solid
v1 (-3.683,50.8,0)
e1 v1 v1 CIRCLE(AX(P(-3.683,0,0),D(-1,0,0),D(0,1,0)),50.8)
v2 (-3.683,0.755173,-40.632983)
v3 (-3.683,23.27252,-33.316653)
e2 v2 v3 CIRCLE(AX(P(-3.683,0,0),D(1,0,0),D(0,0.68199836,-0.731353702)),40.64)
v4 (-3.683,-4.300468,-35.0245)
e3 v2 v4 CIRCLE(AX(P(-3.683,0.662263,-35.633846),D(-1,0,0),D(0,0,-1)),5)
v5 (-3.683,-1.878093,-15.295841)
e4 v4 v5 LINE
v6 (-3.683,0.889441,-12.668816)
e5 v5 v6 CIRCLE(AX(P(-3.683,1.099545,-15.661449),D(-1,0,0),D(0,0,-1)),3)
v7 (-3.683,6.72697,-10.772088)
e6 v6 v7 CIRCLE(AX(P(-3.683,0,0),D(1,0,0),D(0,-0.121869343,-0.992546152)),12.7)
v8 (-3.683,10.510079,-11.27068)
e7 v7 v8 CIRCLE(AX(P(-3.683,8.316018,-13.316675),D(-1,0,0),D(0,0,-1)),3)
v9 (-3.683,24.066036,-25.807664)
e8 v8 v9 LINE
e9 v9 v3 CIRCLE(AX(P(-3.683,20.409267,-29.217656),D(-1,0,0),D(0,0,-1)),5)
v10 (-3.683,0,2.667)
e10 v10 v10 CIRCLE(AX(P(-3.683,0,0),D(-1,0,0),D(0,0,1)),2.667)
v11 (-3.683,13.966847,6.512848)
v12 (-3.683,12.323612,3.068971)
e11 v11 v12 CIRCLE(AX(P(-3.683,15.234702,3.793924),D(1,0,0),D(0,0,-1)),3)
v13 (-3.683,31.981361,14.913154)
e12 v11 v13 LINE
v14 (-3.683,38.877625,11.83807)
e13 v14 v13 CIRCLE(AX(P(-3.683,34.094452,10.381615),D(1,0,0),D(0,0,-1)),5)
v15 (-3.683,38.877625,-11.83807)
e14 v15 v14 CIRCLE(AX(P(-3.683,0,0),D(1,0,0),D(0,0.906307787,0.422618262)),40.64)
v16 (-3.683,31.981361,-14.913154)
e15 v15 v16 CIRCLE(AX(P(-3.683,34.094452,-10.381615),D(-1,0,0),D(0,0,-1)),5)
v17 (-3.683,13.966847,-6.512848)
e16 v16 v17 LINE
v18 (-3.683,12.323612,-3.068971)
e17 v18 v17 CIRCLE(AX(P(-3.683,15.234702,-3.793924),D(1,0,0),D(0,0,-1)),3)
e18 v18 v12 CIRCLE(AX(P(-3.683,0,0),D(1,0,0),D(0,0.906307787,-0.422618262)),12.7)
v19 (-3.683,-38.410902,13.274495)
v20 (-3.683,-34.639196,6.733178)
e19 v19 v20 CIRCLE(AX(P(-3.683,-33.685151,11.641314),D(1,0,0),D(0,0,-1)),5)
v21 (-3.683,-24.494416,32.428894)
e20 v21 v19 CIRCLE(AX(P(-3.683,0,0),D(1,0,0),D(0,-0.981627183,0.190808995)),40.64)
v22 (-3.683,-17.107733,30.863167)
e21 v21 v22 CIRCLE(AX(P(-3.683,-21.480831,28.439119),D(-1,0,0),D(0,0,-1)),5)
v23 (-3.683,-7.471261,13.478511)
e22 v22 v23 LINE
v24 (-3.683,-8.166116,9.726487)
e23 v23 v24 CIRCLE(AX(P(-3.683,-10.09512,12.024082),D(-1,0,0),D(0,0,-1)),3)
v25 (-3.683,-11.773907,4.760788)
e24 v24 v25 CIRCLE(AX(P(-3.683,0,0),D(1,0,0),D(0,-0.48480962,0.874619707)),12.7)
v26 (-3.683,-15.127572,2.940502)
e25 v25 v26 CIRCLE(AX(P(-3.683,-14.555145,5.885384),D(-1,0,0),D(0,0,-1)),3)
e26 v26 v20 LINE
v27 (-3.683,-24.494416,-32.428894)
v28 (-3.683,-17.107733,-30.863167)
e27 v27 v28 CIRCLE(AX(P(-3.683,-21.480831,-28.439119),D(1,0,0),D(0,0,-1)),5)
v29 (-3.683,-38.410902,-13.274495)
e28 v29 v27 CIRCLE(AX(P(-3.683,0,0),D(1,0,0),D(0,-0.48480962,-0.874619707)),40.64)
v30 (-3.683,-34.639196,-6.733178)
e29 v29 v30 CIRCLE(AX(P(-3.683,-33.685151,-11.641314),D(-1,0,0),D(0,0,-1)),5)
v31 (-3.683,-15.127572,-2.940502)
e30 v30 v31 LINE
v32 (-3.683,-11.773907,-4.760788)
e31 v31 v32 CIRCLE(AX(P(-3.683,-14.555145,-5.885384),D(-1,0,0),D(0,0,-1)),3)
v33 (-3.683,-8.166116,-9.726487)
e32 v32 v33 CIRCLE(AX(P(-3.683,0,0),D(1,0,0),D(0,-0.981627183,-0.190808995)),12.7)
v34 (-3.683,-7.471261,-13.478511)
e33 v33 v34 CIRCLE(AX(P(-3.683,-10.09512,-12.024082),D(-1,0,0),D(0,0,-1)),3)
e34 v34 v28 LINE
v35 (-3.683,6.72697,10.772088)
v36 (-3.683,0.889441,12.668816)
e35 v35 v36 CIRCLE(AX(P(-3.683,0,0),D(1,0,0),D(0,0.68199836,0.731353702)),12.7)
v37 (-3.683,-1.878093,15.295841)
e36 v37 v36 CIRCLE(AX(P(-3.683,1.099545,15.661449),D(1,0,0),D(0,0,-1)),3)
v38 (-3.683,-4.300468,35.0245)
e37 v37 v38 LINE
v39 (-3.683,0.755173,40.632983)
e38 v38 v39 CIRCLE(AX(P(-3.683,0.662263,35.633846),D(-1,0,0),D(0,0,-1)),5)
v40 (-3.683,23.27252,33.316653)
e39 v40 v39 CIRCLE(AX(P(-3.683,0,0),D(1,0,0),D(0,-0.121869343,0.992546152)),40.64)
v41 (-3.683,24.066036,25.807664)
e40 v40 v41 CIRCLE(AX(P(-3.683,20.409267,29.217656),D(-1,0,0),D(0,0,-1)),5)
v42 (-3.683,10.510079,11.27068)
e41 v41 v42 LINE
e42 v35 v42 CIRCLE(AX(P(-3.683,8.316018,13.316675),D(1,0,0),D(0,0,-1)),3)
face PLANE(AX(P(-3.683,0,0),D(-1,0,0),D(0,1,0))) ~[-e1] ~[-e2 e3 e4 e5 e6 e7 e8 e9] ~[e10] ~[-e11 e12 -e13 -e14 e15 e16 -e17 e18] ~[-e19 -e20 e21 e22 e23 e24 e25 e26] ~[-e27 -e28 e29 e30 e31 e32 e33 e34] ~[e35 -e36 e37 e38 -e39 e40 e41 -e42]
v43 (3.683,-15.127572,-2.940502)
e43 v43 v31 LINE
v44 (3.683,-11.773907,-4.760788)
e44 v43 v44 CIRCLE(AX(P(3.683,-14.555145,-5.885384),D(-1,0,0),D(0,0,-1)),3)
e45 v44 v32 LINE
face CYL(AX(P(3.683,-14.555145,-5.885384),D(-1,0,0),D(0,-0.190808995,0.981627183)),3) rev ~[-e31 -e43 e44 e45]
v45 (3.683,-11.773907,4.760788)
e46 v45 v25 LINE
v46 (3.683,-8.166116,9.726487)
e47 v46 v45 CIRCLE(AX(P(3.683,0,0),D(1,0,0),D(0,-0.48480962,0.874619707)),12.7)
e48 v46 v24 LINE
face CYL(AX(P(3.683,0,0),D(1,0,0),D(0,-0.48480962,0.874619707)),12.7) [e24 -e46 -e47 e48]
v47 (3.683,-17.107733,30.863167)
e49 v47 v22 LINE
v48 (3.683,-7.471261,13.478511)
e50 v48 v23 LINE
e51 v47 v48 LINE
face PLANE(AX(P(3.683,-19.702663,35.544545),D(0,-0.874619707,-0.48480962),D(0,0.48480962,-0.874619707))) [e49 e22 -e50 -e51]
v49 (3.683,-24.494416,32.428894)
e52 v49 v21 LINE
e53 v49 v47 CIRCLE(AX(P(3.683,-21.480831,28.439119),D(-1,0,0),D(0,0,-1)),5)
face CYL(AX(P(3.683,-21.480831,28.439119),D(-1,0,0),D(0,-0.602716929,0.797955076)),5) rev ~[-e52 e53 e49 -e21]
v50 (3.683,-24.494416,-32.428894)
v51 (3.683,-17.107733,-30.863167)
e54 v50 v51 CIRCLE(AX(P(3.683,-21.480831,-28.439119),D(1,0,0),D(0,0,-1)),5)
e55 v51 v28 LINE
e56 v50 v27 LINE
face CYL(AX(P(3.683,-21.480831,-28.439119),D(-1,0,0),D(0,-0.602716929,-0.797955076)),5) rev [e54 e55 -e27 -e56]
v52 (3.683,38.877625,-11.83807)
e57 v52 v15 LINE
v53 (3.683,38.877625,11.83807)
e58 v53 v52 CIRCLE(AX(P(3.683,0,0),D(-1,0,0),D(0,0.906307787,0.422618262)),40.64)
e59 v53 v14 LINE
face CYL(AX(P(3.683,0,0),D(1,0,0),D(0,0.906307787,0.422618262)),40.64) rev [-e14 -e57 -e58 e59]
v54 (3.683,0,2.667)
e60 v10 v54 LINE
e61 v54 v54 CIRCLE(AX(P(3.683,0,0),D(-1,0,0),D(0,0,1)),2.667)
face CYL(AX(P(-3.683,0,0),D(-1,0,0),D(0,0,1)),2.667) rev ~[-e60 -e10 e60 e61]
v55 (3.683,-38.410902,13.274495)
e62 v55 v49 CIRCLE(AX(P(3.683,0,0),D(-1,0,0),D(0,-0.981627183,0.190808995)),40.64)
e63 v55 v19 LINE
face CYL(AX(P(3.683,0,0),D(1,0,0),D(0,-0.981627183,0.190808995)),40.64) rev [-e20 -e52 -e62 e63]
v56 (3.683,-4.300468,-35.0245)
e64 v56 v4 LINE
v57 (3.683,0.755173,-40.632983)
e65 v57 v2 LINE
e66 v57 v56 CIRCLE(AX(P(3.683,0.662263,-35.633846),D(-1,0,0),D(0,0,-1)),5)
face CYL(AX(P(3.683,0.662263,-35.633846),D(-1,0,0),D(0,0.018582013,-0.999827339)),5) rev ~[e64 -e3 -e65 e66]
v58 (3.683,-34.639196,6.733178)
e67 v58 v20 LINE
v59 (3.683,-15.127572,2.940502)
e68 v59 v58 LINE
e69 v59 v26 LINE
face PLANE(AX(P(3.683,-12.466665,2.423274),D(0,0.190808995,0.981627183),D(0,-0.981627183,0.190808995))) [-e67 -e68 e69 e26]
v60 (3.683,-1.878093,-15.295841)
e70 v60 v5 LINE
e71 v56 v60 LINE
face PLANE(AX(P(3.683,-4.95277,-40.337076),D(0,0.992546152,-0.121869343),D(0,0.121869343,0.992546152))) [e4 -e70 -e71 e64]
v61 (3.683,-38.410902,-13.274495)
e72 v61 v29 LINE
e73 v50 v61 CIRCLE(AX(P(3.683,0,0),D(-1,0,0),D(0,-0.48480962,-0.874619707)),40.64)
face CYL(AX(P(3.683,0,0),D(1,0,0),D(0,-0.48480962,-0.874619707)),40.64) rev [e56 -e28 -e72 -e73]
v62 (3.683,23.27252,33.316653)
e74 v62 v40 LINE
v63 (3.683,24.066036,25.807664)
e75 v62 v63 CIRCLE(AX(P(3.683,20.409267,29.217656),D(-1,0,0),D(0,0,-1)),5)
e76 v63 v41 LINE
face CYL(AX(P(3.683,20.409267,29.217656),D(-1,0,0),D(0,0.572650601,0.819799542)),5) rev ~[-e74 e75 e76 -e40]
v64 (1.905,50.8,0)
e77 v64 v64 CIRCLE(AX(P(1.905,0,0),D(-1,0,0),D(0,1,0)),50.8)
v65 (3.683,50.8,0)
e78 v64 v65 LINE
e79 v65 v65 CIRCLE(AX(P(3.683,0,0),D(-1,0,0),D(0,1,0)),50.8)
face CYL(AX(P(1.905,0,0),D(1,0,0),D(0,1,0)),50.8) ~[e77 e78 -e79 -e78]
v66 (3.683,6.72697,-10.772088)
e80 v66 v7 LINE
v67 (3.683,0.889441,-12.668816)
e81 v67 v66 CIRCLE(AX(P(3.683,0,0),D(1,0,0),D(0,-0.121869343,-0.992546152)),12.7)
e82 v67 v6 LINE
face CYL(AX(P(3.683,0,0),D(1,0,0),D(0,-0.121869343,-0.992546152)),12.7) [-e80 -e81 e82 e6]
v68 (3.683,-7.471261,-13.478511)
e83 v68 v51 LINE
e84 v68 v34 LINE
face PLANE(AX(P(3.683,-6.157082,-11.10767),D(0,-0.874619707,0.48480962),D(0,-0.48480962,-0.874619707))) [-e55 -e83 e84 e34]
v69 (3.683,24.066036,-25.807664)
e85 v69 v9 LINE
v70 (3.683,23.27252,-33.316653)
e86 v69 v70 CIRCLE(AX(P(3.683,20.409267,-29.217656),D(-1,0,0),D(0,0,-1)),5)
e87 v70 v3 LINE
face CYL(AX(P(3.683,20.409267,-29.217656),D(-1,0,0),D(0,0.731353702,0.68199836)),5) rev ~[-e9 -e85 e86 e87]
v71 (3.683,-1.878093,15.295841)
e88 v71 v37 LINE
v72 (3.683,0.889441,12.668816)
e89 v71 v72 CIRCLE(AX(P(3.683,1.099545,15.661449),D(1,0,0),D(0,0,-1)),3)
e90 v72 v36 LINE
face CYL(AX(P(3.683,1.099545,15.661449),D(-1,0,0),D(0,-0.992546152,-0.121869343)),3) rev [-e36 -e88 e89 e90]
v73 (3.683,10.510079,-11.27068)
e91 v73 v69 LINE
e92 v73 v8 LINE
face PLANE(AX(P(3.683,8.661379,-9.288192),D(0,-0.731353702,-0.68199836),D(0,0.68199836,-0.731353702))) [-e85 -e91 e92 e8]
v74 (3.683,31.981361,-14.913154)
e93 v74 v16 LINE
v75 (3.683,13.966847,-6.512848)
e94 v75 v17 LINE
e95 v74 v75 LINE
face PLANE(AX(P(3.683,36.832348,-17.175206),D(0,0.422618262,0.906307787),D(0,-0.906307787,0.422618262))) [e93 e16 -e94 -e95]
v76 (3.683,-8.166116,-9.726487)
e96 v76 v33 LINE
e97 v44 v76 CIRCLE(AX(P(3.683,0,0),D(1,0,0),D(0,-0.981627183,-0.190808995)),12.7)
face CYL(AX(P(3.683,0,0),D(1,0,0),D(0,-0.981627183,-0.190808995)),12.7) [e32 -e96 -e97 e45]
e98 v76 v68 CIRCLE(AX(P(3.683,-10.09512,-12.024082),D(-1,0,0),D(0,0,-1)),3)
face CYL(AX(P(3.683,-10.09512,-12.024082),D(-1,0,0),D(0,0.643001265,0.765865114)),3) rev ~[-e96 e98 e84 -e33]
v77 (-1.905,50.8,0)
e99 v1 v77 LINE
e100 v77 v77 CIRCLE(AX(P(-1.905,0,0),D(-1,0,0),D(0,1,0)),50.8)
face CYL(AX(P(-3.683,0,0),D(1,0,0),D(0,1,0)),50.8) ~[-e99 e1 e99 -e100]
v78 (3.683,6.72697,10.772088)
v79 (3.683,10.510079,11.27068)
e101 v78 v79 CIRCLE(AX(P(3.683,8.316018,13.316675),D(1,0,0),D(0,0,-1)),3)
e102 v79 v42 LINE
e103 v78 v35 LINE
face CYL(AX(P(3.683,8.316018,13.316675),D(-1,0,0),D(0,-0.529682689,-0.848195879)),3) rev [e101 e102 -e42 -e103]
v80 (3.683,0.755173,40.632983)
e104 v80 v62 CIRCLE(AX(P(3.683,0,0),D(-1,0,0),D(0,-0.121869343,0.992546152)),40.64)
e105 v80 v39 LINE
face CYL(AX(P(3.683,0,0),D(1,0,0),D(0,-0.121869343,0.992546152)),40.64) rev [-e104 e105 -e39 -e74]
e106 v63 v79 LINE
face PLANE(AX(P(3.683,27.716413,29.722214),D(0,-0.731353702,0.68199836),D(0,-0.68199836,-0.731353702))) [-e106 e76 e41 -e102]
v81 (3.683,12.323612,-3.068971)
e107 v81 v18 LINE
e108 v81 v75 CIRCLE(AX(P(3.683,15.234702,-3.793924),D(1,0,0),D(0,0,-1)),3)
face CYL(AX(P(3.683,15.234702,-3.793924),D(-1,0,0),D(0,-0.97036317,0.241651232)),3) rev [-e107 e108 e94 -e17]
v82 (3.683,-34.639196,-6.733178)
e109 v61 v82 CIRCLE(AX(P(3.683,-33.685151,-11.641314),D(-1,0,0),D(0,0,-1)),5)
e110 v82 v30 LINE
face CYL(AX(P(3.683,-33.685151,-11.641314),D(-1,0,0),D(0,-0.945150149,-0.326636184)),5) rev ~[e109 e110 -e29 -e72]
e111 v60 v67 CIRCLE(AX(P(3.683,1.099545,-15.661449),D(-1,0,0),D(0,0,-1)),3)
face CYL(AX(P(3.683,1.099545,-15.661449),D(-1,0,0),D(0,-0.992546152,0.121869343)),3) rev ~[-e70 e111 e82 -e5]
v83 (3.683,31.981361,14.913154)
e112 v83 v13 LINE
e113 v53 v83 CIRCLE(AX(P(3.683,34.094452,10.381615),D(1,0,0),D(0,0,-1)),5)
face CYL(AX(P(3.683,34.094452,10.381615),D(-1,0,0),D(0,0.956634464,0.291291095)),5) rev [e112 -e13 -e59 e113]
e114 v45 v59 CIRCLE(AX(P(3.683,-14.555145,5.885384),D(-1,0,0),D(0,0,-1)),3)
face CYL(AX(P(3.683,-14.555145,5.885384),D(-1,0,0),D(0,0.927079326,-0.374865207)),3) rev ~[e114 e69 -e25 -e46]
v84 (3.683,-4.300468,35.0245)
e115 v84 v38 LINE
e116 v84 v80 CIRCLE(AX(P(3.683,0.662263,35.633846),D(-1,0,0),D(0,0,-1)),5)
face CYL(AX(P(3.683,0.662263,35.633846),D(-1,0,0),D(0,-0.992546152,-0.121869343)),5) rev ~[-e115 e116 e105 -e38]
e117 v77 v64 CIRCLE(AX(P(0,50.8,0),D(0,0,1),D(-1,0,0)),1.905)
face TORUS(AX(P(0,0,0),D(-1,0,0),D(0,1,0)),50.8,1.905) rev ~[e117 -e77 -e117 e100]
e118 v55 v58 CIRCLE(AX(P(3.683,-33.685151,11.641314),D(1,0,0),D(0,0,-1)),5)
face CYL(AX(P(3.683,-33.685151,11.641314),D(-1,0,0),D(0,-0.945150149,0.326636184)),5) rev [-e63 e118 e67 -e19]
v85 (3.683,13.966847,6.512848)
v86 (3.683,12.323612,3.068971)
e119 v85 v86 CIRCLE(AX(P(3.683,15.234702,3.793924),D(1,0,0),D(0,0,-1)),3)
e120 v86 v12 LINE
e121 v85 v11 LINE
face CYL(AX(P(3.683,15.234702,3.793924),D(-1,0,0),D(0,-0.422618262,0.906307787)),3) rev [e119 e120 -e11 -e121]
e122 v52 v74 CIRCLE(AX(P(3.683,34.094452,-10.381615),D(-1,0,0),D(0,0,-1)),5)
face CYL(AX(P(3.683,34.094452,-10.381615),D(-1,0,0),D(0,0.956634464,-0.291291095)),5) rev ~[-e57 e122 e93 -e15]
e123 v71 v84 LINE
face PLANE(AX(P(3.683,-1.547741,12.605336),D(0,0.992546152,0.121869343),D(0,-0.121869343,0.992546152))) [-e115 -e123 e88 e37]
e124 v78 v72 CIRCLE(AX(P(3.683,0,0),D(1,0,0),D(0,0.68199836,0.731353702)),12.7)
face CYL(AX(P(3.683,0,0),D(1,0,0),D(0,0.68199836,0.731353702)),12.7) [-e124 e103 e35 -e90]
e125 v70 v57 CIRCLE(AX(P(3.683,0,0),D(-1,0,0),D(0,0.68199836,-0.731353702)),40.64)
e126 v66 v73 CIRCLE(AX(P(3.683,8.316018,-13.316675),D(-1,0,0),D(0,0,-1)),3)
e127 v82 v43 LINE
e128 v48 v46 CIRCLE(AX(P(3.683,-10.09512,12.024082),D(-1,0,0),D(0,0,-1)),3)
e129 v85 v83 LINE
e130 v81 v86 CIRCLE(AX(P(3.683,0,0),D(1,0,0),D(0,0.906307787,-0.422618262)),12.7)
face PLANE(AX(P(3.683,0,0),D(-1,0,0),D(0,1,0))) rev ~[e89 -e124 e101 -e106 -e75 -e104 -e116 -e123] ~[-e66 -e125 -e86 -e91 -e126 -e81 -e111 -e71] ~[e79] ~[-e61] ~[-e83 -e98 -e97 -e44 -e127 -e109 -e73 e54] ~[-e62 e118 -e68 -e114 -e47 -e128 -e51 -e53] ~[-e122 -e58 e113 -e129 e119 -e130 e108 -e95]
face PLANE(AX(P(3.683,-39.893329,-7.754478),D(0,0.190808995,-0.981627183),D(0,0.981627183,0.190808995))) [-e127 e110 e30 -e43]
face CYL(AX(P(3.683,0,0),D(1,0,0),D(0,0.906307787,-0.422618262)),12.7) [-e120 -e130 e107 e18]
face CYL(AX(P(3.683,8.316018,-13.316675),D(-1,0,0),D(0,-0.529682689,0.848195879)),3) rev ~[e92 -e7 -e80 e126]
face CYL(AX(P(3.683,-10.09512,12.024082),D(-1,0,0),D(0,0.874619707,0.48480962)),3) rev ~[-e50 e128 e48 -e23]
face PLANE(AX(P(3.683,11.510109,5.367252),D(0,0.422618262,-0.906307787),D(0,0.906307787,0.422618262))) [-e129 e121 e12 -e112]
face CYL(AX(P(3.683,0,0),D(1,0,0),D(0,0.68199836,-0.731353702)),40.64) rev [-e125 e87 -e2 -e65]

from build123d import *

# Parameters (mm, degrees)
CUT_EXTRUDE1_DEPTH = 8.366
FILLET1_R          = 5
FILLET2_R          = 5
FILLET3_R          = 5
FILLET4_R          = 5
FILLET5_R          = 5
FILLET6_R          = 5
FILLET7_R          = 5
FILLET8_R          = 5
FILLET9_R          = 5
FILLET10_R         = 5
FILLET11_R         = 3
FILLET12_R         = 3
FILLET13_R         = 3
FILLET14_R         = 3
FILLET15_R         = 3
FILLET16_R         = 3
FILLET17_R         = 3
FILLET18_R         = 3
FILLET19_R         = 3
FILLET20_R         = 3
SKETCH4_R          = 2.667
CUT_EXTRUDE2_DEPTH = 8.366


with BuildPart() as part:
    # Sketch1 → Revolve1 (revolve)
    with BuildSketch(Plane.XY):
        with BuildLine():
            Line((1.905, 50.8), (3.683, 50.8))
            Line((3.683, 50.8), (3.683, 0))
            Line((3.683, 0), (-3.683, 0))
            Line((-3.683, 0), (-3.683, 50.8))
            Line((-3.683, 50.8), (-1.905, 50.8))
            ThreePointArc((-1.905, 50.8), (0, 48.895), (1.905, 50.8))
        make_face()
    revolve(axis=Axis((3.683, 0, 0), (-1, 0, 0)))

    # Sketch2 → Cut-Extrude1 (cut, through all)
    with BuildSketch(Plane(origin=(3.683, 0, 0), x_dir=(0, 0, -1), z_dir=(1, 0, 0))):
        with BuildLine():
            Line((-5.367251924, 11.510108895), (-17.175206157, 36.832348465))
            ThreePointArc((-17.175206157, 36.832348465), (0, 40.64), (17.175206157, 36.832348465))
            Line((17.175206157, 36.832348465), (5.367251924, 11.510108895))
            ThreePointArc((5.367251924, 11.510108895), (0, 12.7), (-5.367251924, 11.510108895))
        make_face()
        with BuildLine():
            Line((9.288192011, 8.661379173), (29.722214434, 27.716413353))
            ThreePointArc((29.722214434, 27.716413353), (38.650936822, 12.558450651), (40.337075603, -4.952770116))
            Line((40.337075603, -4.952770116), (12.605336126, -1.547740661))
            ThreePointArc((12.605336126, -1.547740661), (12.078417757, 3.924515829), (9.288192011, 8.661379173))
        make_face()
        with BuildLine():
            Line((11.107670281, -6.157082177), (35.544544898, -19.702662967))
            ThreePointArc((35.544544898, -19.702662967), (23.887592653, -32.878450651), (7.754477572, -39.893328735))
            Line((7.754477572, -39.893328735), (2.423274241, -12.46666523))
            ThreePointArc((2.423274241, -12.46666523), (7.464872704, -10.274515829), (11.107670281, -6.157082177))
        make_face()
        with BuildLine():
            Line((-2.423274241, -12.46666523), (-7.754477572, -39.893328735))
            ThreePointArc((-7.754477572, -39.893328735), (-23.887592653, -32.878450651), (-35.544544898, -19.702662967))
            Line((-35.544544898, -19.702662967), (-11.107670281, -6.157082177))
            ThreePointArc((-11.107670281, -6.157082177), (-7.464872704, -10.274515829), (-2.423274241, -12.46666523))
        make_face()
        with BuildLine():
            Line((-12.605336126, -1.547740661), (-40.337075603, -4.952770116))
            ThreePointArc((-40.337075603, -4.952770116), (-38.650936822, 12.558450651), (-29.722214434, 27.716413353))
            Line((-29.722214434, 27.716413353), (-9.288192011, 8.661379173))
            ThreePointArc((-9.288192011, 8.661379173), (-12.078417757, 3.924515829), (-12.605336126, -1.547740661))
        make_face()
    extrude(amount=-CUT_EXTRUDE1_DEPTH, mode=Mode.SUBTRACT)

    # Fillet1
    fillet1_edges = [part.edges().sort_by_distance(p)[0] for p in [
        (0, -39.893328735, -7.754477572),
    ]]
    fillet(fillet1_edges, radius=FILLET1_R)

    # Fillet2
    fillet2_edges = [part.edges().sort_by_distance(p)[0] for p in [
        (0, -19.702662967, -35.544544898),
    ]]
    fillet(fillet2_edges, radius=FILLET2_R)

    # Fillet3
    fillet3_edges = [part.edges().sort_by_distance(p)[0] for p in [
        (0, 27.716413353, -29.722214434),
    ]]
    fillet(fillet3_edges, radius=FILLET3_R)

    # Fillet4
    fillet4_edges = [part.edges().sort_by_distance(p)[0] for p in [
        (0, -4.952770116, -40.337075603),
    ]]
    fillet(fillet4_edges, radius=FILLET4_R)

    # Fillet5
    fillet5_edges = [part.edges().sort_by_distance(p)[0] for p in [
        (0, 36.832348465, -17.175206157),
    ]]
    fillet(fillet5_edges, radius=FILLET5_R)

    # Fillet6
    fillet6_edges = [part.edges().sort_by_distance(p)[0] for p in [
        (0, 36.832348465, 17.175206157),
    ]]
    fillet(fillet6_edges, radius=FILLET6_R)

    # Fillet7
    fillet7_edges = [part.edges().sort_by_distance(p)[0] for p in [
        (0, -4.952770116, 40.337075603),
    ]]
    fillet(fillet7_edges, radius=FILLET7_R)

    # Fillet8
    fillet8_edges = [part.edges().sort_by_distance(p)[0] for p in [
        (0, 27.716413353, 29.722214434),
    ]]
    fillet(fillet8_edges, radius=FILLET8_R)

    # Fillet9
    fillet9_edges = [part.edges().sort_by_distance(p)[0] for p in [
        (0, -19.702662967, 35.544544898),
    ]]
    fillet(fillet9_edges, radius=FILLET9_R)

    # Fillet10
    fillet10_edges = [part.edges().sort_by_distance(p)[0] for p in [
        (0, -39.893328735, 7.754477572),
    ]]
    fillet(fillet10_edges, radius=FILLET10_R)

    # Fillet11
    fillet11_edges = [part.edges().sort_by_distance(p)[0] for p in [
        (0, 11.510108895, 5.367251924),
    ]]
    fillet(fillet11_edges, radius=FILLET11_R)

    # Fillet12
    fillet12_edges = [part.edges().sort_by_distance(p)[0] for p in [
        (0, 11.510108895, -5.367251924),
    ]]
    fillet(fillet12_edges, radius=FILLET12_R)

    # Fillet13
    fillet13_edges = [part.edges().sort_by_distance(p)[0] for p in [
        (0, -1.547740661, 12.605336126),
    ]]
    fillet(fillet13_edges, radius=FILLET13_R)

    # Fillet14
    fillet14_edges = [part.edges().sort_by_distance(p)[0] for p in [
        (0, 8.661379173, 9.288192011),
    ]]
    fillet(fillet14_edges, radius=FILLET14_R)

    # Fillet15
    fillet15_edges = [part.edges().sort_by_distance(p)[0] for p in [
        (0, -6.157082177, 11.107670281),
    ]]
    fillet(fillet15_edges, radius=FILLET15_R)

    # Fillet16
    fillet16_edges = [part.edges().sort_by_distance(p)[0] for p in [
        (0, -12.46666523, 2.423274241),
    ]]
    fillet(fillet16_edges, radius=FILLET16_R)

    # Fillet17
    fillet17_edges = [part.edges().sort_by_distance(p)[0] for p in [
        (0, -12.46666523, -2.423274241),
    ]]
    fillet(fillet17_edges, radius=FILLET17_R)

    # Fillet18
    fillet18_edges = [part.edges().sort_by_distance(p)[0] for p in [
        (0, -6.157082177, -11.107670281),
    ]]
    fillet(fillet18_edges, radius=FILLET18_R)

    # Fillet19
    fillet19_edges = [part.edges().sort_by_distance(p)[0] for p in [
        (0, -1.547740661, -12.605336126),
    ]]
    fillet(fillet19_edges, radius=FILLET19_R)

    # Fillet20
    fillet20_edges = [part.edges().sort_by_distance(p)[0] for p in [
        (0, 8.661379173, -9.288192011),
    ]]
    fillet(fillet20_edges, radius=FILLET20_R)

    # Sketch4 → Cut-Extrude2 (cut, through all)
    with BuildSketch(Plane.ZY.offset(3.683)):
        Circle(SKETCH4_R)
    extrude(amount=-CUT_EXTRUDE2_DEPTH, mode=Mode.SUBTRACT)


solid = part.part
